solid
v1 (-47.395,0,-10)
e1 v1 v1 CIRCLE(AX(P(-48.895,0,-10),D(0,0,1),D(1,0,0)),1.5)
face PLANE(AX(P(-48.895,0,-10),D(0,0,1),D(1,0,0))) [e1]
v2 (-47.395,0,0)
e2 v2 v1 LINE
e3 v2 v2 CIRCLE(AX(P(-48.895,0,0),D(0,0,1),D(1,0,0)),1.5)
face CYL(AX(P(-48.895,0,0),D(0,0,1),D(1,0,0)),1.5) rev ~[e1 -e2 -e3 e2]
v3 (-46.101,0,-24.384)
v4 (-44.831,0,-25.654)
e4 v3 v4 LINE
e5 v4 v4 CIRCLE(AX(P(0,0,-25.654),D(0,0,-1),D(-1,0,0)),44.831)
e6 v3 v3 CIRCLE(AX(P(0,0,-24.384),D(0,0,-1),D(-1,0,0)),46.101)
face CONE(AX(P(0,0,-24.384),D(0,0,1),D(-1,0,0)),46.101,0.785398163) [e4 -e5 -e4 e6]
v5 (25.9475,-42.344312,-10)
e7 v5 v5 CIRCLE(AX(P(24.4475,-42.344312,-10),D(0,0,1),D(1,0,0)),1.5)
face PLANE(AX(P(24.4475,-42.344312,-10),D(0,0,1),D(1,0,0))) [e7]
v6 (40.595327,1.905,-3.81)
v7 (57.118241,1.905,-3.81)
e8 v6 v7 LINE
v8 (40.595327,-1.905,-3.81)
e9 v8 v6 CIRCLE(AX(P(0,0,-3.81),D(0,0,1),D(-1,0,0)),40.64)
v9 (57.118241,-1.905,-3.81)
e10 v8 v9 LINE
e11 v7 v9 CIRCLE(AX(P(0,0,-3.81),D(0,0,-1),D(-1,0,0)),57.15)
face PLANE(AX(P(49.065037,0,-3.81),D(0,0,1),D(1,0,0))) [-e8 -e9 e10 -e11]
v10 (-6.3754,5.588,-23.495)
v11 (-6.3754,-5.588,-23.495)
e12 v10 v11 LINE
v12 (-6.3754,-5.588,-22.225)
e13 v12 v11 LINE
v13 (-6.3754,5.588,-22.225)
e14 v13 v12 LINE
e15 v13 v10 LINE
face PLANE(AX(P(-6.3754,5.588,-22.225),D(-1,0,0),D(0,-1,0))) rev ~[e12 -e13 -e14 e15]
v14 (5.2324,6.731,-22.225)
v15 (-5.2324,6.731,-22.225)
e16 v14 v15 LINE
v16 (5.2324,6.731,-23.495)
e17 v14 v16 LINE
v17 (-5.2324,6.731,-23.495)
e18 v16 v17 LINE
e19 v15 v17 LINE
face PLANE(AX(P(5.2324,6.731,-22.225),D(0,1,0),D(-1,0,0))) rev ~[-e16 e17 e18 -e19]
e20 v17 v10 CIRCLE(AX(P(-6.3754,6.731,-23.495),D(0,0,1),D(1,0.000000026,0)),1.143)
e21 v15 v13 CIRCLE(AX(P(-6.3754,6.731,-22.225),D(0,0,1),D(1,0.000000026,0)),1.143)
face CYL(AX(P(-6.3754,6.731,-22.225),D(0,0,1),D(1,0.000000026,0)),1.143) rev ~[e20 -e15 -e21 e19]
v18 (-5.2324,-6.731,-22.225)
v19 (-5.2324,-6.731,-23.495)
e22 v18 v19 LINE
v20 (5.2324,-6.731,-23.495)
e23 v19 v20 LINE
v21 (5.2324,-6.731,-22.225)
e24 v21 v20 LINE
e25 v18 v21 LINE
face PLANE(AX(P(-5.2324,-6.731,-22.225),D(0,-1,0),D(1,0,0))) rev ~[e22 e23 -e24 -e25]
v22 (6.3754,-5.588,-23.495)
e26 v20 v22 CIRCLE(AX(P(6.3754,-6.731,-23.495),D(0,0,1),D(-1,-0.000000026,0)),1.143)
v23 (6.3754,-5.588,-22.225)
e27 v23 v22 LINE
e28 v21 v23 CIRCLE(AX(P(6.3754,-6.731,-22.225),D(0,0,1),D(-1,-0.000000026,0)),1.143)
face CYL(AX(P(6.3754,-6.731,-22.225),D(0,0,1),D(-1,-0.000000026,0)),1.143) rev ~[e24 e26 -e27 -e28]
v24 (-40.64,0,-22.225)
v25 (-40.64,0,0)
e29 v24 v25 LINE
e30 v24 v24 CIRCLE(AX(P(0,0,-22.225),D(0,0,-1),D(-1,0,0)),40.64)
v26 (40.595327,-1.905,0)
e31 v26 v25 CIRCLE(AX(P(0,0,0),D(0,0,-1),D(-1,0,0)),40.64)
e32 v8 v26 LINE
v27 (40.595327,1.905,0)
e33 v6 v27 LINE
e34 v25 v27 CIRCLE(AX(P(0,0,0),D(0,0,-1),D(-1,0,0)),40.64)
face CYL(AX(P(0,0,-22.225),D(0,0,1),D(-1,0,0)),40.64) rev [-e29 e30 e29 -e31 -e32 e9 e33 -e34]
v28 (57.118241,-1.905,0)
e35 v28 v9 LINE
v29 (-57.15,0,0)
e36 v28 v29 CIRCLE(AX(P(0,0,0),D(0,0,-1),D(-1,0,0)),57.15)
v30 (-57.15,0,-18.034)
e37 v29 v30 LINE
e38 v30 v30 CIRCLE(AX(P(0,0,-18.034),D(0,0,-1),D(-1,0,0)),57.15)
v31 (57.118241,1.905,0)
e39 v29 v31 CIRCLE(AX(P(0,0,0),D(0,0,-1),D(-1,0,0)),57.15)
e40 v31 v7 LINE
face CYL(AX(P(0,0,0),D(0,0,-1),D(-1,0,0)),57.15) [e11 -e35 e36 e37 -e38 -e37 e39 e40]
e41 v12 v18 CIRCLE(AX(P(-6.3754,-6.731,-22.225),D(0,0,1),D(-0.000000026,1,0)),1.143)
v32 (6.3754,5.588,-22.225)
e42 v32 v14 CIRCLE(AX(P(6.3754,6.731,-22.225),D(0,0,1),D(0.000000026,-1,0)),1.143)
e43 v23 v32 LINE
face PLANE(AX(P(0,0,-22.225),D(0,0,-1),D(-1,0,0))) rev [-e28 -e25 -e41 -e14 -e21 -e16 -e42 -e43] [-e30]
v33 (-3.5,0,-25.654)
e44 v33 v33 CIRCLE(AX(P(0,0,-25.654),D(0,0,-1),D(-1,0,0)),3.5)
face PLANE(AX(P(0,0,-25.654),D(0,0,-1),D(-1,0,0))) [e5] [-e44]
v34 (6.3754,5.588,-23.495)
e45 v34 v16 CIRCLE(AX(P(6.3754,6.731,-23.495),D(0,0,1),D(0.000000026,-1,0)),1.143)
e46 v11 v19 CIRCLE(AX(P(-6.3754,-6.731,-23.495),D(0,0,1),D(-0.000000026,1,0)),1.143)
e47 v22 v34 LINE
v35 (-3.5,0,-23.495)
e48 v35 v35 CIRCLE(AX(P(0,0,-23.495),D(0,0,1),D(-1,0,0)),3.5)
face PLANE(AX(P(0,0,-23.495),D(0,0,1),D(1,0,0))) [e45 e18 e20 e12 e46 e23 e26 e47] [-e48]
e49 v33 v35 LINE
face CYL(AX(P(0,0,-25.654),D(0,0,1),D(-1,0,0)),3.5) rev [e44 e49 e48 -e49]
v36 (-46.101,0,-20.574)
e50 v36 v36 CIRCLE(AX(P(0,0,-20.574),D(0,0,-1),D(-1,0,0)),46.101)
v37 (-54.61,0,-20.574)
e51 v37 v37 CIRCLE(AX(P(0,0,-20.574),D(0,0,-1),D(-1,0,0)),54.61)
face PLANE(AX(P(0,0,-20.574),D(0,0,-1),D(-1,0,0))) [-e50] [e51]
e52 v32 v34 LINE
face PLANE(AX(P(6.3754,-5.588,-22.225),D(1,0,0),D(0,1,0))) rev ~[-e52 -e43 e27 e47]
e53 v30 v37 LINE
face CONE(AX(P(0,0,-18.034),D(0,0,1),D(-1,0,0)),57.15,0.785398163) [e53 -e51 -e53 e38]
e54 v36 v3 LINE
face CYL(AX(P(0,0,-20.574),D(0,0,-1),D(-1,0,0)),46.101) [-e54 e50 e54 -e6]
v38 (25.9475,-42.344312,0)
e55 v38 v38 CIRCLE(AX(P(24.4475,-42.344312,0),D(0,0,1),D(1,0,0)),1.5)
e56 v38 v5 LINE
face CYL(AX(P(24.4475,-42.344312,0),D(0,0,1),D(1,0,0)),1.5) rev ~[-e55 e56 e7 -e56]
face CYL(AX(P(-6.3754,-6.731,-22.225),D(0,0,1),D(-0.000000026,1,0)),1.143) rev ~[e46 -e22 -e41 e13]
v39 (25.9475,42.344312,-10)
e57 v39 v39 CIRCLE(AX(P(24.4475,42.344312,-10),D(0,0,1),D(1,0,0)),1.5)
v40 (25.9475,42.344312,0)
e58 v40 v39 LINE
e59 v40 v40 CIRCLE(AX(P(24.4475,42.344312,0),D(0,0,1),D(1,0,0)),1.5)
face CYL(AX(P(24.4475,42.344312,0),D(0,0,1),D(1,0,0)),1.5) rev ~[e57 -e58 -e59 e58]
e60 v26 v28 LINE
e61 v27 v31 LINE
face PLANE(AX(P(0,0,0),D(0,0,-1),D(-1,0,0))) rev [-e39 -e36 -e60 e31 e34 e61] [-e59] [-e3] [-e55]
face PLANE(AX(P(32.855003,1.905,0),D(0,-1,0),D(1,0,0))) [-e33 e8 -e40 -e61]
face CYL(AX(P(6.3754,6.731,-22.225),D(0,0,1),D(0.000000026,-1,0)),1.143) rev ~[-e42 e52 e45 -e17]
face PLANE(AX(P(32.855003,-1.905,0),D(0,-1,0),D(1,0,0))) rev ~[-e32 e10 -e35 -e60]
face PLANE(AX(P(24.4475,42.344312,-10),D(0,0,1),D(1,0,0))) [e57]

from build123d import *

# Parameters (mm, degrees)
F2_SIZE  = 2.54
F3_SIZE  = 1.27
F5_DEPTH = 1.27
F6_R     = 1.5
F7_DEPTH = 10
F8_W     = 32.420068
F8_H     = 3.81
F9_DEPTH = 3.81


with BuildPart() as f1:
    # F0 (on Front) → F1 (revolve)
    with BuildSketch(Plane.XZ):
        Polygon((-40.64, 0), (-57.15, 0), (-57.15, -20.574), (-46.101, -20.574), (-46.101, -25.654), (-3.5, -25.654), (-3.5, -22.225), (-40.64, -22.225), align=None)
    revolve(axis=Axis((0, 0, 19.796192), (0, 0, -1)))

    # F2
    f2_edges = [f1.edges().sort_by_distance(p)[0] for p in [
        (57.15, 0, -20.574),
    ]]
    chamfer(f2_edges, length=F2_SIZE)

    # F3
    f3_edges = [f1.edges().sort_by_distance(p)[0] for p in [
        (46.101, 0, -25.654),
    ]]
    chamfer(f3_edges, length=F3_SIZE)

    # F4 (on face) → F5 (cut)
    with BuildSketch(Plane.XY.offset(-22.225)):
        with BuildLine():
            Line((5.2324, 6.731), (-5.2324, 6.731))
            ThreePointArc((-5.2324, 6.731), (-7.183623, 7.539223), (-6.3754, 5.588))
            Line((-6.3754, 5.588), (-6.3754, -5.588))
            ThreePointArc((-6.3754, -5.588), (-7.183623, -7.539223), (-5.2324, -6.731))
            Line((-5.2324, -6.731), (5.2324, -6.731))
            ThreePointArc((5.2324, -6.731), (7.183623, -7.539223), (6.3754, -5.588))
            Line((6.3754, -5.588), (6.3754, 5.588))
            ThreePointArc((6.3754, 5.588), (7.183623, 7.539223), (5.2324, 6.731))
        make_face()
    extrude(amount=-F5_DEPTH, mode=Mode.SUBTRACT)

    # F6 (on face) → F7 (cut)
    with BuildSketch(Plane.XY):
        with Locations((-48.895, 0)):
            Circle(F6_R)
        with Locations((24.4475, -42.344312)):
            Circle(F6_R)
        with Locations((24.4475, 42.344312)):
            Circle(F6_R)
    extrude(amount=-F7_DEPTH, mode=Mode.SUBTRACT)

    # F8 (on face) → F9 (cut)
    with BuildSketch(Plane.XY):
        with Locations((49.065037, 0)):
            Rectangle(F8_W, F8_H)
    extrude(amount=-F9_DEPTH, mode=Mode.SUBTRACT)


solid = f1.part
